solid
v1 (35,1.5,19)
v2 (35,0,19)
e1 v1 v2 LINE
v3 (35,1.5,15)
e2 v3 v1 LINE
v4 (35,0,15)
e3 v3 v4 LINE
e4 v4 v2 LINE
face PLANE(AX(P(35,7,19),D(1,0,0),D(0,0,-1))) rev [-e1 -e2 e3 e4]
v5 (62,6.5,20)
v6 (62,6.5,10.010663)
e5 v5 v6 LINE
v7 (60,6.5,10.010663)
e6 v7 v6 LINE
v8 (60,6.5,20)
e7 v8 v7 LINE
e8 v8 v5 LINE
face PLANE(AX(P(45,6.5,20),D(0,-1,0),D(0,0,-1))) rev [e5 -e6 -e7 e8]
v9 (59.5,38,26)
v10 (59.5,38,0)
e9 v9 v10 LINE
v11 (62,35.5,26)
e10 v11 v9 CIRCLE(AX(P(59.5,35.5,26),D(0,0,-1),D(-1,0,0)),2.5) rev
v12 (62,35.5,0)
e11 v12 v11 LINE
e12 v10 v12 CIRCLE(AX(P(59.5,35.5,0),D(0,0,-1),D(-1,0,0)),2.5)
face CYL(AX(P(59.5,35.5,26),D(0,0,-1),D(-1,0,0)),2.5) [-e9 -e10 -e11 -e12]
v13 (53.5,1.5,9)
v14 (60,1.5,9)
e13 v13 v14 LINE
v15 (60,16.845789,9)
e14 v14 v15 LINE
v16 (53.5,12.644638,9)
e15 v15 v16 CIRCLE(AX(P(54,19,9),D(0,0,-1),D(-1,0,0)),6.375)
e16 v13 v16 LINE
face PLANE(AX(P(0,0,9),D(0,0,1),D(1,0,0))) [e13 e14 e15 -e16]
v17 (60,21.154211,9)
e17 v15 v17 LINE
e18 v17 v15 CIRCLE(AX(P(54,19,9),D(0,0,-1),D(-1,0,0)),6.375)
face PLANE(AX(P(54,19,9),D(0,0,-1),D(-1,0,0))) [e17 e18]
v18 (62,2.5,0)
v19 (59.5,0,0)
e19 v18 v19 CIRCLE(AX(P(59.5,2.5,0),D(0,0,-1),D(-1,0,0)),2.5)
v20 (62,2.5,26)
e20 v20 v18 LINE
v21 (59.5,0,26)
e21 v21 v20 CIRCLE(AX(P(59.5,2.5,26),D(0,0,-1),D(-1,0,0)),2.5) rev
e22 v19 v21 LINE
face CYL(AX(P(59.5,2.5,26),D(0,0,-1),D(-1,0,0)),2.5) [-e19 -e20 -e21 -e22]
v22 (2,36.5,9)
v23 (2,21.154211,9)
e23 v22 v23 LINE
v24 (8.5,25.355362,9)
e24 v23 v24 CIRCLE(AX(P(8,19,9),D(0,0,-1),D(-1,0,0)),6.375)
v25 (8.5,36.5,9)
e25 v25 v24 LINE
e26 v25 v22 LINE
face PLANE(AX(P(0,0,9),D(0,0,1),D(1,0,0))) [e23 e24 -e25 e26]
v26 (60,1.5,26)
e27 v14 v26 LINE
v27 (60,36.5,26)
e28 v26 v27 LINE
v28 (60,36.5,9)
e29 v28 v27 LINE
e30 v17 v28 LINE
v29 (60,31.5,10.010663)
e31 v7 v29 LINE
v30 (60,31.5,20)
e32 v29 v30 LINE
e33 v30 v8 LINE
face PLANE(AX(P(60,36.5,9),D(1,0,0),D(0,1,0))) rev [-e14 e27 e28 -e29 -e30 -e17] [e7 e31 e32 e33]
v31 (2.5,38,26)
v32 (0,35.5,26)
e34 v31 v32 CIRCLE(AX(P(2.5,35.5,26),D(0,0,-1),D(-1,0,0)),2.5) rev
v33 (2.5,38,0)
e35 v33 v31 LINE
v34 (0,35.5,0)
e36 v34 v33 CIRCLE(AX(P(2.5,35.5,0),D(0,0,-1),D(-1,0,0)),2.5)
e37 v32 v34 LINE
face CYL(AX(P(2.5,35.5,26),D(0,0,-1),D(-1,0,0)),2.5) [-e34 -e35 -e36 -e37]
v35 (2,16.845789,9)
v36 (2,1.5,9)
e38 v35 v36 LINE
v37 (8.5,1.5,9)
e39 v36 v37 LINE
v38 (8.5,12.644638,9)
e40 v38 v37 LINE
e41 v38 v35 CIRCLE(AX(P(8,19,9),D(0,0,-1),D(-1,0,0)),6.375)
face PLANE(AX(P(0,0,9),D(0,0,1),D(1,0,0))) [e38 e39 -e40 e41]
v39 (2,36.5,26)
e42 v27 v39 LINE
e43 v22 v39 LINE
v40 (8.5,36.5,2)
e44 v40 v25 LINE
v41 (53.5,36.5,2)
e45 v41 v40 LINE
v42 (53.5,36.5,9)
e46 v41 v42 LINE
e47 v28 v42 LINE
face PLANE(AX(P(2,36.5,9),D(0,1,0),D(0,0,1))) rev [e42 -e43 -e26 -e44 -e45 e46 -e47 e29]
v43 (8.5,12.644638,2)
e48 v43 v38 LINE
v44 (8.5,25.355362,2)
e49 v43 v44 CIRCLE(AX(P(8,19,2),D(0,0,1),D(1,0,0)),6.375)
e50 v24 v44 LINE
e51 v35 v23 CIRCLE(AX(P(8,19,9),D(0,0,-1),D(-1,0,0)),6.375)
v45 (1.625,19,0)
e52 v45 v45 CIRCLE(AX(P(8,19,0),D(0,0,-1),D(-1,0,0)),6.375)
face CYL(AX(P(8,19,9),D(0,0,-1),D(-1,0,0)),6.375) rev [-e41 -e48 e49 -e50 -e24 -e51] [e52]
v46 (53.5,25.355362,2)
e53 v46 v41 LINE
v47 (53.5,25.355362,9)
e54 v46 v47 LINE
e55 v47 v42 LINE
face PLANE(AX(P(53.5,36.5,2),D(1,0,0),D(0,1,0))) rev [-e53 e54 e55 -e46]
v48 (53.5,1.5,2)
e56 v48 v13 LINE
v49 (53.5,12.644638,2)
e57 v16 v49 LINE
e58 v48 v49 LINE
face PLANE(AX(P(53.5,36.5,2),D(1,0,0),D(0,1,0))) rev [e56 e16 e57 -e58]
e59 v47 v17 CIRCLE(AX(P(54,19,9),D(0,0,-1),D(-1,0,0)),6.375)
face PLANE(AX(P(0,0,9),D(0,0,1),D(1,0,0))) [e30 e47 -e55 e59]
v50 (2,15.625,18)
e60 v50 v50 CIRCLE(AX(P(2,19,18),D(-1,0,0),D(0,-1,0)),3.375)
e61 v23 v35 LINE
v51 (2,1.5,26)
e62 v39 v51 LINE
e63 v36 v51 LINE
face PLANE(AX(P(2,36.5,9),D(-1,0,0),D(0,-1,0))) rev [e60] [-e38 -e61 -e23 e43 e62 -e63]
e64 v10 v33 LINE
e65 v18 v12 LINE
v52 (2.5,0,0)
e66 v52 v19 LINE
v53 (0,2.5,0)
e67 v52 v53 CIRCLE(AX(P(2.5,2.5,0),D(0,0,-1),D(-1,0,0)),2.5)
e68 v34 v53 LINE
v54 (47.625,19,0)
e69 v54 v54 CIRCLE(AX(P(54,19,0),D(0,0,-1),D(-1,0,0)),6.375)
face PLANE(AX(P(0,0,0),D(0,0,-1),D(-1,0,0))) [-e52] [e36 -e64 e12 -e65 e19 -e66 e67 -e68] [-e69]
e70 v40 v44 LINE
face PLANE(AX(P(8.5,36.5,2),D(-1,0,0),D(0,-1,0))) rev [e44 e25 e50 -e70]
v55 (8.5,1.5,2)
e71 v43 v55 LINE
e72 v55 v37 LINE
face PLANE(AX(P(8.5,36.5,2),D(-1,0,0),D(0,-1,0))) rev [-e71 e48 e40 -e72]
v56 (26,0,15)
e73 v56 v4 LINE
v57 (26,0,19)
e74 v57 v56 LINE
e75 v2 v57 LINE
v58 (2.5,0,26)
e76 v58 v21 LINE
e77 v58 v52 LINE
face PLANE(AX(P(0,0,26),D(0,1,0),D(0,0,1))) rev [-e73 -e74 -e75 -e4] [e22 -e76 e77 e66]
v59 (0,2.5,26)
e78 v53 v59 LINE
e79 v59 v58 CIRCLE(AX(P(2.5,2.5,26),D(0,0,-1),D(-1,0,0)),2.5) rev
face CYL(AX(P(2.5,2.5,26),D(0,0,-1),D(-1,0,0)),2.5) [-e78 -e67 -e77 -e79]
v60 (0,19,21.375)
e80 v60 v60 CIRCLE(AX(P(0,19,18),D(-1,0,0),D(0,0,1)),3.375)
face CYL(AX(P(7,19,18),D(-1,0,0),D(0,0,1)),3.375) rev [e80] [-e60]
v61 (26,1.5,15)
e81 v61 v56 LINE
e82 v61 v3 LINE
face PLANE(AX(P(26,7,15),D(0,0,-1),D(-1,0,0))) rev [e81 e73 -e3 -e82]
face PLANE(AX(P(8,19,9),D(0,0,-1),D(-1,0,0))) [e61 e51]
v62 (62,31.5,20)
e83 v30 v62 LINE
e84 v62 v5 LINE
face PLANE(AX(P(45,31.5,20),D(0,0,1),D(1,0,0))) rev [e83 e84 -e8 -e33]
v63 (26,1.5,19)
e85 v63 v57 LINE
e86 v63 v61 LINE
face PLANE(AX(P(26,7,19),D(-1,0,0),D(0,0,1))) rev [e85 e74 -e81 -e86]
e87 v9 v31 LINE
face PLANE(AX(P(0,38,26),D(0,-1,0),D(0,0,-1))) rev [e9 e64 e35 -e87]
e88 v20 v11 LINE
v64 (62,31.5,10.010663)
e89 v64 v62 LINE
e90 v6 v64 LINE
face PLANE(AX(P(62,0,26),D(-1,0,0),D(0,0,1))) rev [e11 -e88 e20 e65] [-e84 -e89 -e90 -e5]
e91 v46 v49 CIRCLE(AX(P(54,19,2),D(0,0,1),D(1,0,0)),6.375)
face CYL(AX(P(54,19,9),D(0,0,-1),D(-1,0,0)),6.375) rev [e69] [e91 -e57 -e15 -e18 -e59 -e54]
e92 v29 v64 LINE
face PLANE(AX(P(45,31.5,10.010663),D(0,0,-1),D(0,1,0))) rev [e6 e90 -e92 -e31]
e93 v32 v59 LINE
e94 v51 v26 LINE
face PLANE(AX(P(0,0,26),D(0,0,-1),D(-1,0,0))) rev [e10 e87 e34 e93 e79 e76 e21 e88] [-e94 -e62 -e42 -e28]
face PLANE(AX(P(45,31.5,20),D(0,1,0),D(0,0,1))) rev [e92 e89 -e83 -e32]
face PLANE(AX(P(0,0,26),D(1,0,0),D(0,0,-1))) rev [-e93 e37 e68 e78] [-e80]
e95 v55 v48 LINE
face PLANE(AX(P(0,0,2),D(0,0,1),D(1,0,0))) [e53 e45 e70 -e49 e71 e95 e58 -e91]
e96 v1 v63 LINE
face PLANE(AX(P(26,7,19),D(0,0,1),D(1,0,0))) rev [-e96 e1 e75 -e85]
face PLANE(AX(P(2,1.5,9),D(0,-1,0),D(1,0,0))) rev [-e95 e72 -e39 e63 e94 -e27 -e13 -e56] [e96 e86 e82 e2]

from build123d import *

# Parameters (mm, degrees)
SKETCH1_W           = 62
SKETCH1_H           = 38
BOSS_EXTRUDE1_DEPTH = 26
SKETCH2_W           = 58
SKETCH2_H           = 35
CUT_EXTRUDE1_DEPTH  = 17
SKETCH4_W           = 45
SKETCH4_H           = 35
CUT_EXTRUDE3_DEPTH  = 7
SKETCH5_R           = 6.375
CUT_EXTRUDE4_DEPTH  = 9
SKETCH6_W           = 9.989337028
SKETCH6_H           = 25
CUT_EXTRUDE5_DEPTH  = 17
SKETCH7_R           = 3.375
CUT_EXTRUDE6_DEPTH  = 7
SKETCH8_W           = 9
SKETCH8_H           = 4
CUT_EXTRUDE7_DEPTH  = 7
FILLET1_R           = 2.5


with BuildPart() as part:
    # Sketch1 → Boss-Extrude1 (new body)
    with BuildSketch(Plane.XY):
        with Locations((31, 19)):
            Rectangle(SKETCH1_W, SKETCH1_H)
    extrude(amount=BOSS_EXTRUDE1_DEPTH)

    # Sketch2 → Cut-Extrude1 (cut)
    with BuildSketch(Plane.XY.offset(26)):
        with Locations((31, 19)):
            Rectangle(SKETCH2_W, SKETCH2_H)
    extrude(amount=-CUT_EXTRUDE1_DEPTH, mode=Mode.SUBTRACT)

    # Sketch4 → Cut-Extrude3 (cut)
    with BuildSketch(Plane.XY.offset(9)):
        with Locations((31, 19)):
            Rectangle(SKETCH4_W, SKETCH4_H)
    extrude(amount=-CUT_EXTRUDE3_DEPTH, mode=Mode.SUBTRACT)

    # Sketch5 → Cut-Extrude4 (cut)
    with BuildSketch(Plane(origin=(0, 0, 0), x_dir=(-1, 0, 0), z_dir=(0, 0, -1))):
        with Locations((-54, 19)):
            Circle(SKETCH5_R)
        with Locations((-8, 19)):
            Circle(SKETCH5_R)
    extrude(amount=-CUT_EXTRUDE4_DEPTH, mode=Mode.SUBTRACT)

    # Sketch6 → Cut-Extrude5 (cut)
    with BuildSketch(Plane(origin=(62, 0, 0), x_dir=(0, 0, -1), z_dir=(1, 0, 0))):
        with Locations((-15.005331486, 19)):
            Rectangle(SKETCH6_W, SKETCH6_H)
    extrude(amount=-CUT_EXTRUDE5_DEPTH, mode=Mode.SUBTRACT)

    # Sketch7 → Cut-Extrude6 (cut)
    with BuildSketch(Plane.ZY):
        with Locations((18, 19)):
            Circle(SKETCH7_R)
    extrude(amount=-CUT_EXTRUDE6_DEPTH, mode=Mode.SUBTRACT)

    # Sketch8 → Cut-Extrude7 (cut)
    with BuildSketch(Plane.XZ):
        with Locations((30.5, 17)):
            Rectangle(SKETCH8_W, SKETCH8_H)
    extrude(amount=-CUT_EXTRUDE7_DEPTH, mode=Mode.SUBTRACT)

    # Fillet1
    fillet1_edges = [part.edges().sort_by_distance(p)[0] for p in [
        (0, 38, 13),
        (62, 38, 13),
        (62, 0, 13),
        (0, 0, 13),
    ]]
    fillet(fillet1_edges, radius=FILLET1_R)


solid = part.part
